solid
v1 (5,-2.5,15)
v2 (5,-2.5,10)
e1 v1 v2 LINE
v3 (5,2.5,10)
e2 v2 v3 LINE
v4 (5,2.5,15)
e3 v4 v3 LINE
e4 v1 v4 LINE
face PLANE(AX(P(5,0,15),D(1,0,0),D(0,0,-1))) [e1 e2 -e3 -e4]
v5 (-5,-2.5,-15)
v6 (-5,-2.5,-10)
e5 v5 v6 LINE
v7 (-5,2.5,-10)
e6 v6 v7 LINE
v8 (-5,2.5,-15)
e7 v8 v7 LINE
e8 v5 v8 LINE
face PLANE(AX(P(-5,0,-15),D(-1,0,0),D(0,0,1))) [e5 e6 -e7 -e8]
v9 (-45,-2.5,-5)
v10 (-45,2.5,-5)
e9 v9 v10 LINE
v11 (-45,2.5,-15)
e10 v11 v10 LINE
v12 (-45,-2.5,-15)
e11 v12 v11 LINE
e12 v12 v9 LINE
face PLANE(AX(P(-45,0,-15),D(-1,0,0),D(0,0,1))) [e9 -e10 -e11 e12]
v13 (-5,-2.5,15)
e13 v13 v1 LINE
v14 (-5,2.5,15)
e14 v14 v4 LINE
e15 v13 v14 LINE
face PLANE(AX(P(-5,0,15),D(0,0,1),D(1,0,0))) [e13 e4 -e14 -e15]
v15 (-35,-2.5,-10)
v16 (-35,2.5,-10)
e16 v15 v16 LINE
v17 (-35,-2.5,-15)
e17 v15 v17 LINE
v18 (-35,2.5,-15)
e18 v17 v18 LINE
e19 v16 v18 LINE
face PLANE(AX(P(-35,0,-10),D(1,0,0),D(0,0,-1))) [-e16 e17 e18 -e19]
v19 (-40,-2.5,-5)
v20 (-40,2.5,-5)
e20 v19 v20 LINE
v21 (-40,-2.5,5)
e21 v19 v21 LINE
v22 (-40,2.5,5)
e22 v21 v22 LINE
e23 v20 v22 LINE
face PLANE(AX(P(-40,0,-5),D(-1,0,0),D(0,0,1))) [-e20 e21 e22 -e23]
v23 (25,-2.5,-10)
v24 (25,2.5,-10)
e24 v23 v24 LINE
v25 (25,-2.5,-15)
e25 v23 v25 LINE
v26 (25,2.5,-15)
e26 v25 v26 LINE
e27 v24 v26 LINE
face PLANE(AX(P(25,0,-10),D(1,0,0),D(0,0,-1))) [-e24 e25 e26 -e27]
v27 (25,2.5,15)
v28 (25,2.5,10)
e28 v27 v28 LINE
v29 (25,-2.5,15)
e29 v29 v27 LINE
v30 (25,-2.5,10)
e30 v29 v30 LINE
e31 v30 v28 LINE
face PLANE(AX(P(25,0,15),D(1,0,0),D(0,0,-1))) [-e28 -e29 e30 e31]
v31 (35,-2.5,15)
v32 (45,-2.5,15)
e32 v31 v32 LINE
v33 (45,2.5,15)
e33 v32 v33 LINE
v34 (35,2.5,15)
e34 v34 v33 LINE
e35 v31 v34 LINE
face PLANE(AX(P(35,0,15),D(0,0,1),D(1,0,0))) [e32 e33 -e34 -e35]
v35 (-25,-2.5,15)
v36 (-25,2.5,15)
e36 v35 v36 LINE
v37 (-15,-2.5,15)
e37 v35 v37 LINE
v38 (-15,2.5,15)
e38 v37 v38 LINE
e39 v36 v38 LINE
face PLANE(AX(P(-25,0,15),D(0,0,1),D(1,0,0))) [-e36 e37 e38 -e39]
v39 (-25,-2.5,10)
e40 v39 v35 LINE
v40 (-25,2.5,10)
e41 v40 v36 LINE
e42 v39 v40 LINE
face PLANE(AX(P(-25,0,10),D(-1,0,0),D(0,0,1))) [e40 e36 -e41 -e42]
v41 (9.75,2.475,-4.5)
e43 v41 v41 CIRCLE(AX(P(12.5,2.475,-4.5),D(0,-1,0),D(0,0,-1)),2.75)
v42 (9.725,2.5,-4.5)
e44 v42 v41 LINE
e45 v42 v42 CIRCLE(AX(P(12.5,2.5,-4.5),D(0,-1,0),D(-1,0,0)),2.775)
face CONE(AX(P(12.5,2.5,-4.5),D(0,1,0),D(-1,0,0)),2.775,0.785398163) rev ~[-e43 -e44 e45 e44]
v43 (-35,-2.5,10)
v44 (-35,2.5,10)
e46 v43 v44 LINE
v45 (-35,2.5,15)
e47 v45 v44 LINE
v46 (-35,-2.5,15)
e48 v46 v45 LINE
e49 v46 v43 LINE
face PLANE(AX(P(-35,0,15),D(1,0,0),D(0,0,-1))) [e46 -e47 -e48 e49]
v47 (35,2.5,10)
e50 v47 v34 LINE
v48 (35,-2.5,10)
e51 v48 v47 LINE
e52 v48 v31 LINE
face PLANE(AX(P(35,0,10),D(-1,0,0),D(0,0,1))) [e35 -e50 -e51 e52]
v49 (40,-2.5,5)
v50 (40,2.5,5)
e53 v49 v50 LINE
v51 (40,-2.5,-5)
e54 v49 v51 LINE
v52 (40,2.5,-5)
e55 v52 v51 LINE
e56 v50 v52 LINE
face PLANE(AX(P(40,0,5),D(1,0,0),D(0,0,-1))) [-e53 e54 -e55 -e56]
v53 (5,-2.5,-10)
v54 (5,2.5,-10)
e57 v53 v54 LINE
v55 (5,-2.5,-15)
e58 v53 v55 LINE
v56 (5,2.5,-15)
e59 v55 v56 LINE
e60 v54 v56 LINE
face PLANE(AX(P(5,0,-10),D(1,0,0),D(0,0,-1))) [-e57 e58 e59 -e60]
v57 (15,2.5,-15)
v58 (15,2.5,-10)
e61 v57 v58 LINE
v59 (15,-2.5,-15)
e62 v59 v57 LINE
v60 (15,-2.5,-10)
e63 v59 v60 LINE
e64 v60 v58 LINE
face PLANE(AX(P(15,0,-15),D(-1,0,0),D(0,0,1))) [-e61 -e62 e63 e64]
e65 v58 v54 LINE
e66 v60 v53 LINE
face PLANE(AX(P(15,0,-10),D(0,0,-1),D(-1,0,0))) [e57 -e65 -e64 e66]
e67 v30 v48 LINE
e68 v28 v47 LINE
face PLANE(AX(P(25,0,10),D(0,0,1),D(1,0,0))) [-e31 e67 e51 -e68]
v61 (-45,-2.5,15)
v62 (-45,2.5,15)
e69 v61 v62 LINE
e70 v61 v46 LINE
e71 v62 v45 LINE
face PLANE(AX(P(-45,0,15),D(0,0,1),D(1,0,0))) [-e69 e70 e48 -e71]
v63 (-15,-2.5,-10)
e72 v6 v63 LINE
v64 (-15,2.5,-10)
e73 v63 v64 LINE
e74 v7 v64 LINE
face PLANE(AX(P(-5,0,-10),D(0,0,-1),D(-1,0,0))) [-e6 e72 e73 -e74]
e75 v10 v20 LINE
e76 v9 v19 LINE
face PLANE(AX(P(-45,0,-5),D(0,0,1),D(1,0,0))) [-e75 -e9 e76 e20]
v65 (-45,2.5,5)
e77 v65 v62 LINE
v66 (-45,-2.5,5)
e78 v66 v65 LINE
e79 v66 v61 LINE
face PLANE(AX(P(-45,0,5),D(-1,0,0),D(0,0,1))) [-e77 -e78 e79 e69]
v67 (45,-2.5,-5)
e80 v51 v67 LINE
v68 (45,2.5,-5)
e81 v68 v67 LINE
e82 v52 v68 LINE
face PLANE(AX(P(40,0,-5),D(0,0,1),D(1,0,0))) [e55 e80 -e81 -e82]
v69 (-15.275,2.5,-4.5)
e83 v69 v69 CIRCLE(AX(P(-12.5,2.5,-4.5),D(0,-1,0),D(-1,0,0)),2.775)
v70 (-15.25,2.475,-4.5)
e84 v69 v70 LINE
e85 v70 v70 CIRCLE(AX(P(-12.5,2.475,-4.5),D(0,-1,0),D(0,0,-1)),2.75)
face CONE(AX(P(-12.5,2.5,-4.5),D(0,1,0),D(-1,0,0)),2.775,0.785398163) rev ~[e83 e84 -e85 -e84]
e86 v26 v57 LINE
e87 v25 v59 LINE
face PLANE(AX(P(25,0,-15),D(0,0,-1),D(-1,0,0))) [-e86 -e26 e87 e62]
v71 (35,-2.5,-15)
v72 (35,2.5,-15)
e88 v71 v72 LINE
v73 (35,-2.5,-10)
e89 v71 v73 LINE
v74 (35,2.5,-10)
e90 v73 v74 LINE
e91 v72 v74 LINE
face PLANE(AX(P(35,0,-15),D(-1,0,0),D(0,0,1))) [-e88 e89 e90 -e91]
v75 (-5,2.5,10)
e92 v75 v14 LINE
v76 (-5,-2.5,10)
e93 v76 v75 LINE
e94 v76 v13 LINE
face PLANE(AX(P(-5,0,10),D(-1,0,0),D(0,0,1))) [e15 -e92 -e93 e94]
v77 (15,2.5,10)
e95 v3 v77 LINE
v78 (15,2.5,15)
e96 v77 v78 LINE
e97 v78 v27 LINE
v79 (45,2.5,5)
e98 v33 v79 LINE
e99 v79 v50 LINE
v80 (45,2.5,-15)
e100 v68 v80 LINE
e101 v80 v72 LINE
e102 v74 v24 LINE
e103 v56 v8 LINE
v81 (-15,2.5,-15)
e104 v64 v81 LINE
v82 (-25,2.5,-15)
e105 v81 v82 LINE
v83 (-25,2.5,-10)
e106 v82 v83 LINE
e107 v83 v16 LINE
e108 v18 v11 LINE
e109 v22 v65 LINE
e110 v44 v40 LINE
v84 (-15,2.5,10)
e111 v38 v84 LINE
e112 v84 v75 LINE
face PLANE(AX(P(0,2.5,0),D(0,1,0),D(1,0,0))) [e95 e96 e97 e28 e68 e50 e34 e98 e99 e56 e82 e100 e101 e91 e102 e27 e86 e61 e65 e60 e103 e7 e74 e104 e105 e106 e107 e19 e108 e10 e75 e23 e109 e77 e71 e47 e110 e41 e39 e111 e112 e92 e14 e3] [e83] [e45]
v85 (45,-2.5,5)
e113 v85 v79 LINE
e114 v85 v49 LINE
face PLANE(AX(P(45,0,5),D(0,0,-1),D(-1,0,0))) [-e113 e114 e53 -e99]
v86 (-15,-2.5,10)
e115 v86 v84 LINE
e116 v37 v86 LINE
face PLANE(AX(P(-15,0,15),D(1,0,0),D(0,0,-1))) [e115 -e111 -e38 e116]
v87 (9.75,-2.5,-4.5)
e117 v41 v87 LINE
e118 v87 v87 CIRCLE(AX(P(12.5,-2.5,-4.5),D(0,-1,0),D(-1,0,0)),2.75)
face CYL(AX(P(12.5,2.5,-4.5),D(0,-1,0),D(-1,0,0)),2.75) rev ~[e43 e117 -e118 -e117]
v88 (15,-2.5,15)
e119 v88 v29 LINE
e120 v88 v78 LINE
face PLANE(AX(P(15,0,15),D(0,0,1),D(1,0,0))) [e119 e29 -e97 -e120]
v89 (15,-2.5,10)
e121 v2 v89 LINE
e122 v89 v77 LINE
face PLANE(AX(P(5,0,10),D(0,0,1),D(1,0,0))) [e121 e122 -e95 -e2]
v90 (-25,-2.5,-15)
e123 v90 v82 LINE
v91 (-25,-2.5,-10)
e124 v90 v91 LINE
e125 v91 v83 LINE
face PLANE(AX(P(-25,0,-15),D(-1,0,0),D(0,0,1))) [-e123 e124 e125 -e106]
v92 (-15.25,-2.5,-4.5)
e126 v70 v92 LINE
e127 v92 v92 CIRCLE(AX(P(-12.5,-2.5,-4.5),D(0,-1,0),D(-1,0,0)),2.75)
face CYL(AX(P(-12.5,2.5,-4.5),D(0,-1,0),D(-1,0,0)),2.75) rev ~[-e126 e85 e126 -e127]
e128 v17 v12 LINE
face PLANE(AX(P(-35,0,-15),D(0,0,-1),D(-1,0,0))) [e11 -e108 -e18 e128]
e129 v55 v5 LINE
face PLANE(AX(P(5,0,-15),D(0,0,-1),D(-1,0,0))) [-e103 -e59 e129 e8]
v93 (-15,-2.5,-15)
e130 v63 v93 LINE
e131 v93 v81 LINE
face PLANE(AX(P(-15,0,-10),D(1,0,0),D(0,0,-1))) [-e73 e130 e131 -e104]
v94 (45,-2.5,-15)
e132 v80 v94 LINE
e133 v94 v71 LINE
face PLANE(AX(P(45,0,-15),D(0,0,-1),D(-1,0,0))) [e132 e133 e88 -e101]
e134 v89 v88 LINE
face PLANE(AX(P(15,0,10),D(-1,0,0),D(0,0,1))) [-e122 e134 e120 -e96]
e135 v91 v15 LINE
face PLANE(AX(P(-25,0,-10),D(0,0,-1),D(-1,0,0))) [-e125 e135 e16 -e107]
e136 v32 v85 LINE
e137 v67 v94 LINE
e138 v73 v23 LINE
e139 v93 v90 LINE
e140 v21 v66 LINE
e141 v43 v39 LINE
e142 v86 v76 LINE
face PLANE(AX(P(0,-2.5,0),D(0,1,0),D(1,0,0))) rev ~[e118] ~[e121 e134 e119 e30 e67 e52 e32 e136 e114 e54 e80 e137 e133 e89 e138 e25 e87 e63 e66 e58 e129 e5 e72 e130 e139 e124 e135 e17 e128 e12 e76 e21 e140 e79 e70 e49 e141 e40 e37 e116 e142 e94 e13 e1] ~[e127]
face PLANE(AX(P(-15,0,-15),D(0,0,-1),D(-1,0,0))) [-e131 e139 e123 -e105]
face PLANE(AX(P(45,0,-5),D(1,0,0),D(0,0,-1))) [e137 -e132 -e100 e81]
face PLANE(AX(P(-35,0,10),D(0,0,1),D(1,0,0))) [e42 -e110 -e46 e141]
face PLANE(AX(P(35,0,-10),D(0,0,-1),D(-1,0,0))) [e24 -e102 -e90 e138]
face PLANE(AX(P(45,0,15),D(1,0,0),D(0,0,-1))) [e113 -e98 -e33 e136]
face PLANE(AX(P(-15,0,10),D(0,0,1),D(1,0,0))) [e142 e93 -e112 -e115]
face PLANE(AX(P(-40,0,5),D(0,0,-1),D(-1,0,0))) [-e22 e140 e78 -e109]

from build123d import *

# Parameters (mm, degrees)
BOSS_EXTRUDE1_DEPTH            = 2.5
M5_CLEARANCE_HOLE1_D           = 5.5
M5_CLEARANCE_HOLE1_CSINK_D     = 5.55
M5_CLEARANCE_HOLE1_CSINK_ANGLE = 90


with BuildPart() as part:
    # Sketch1 → Boss-Extrude1 (new, symmetric)
    with BuildSketch(Plane(origin=(0, 0, 0), x_dir=(1, 0, 0), z_dir=(0, 1, 0))):
        Polygon((45, 15), (40, 15), (35, 15), (35, 10), (25, 10), (25, 15), (15, 15), (15, 10), (5, 10), (5, 15), (-5, 15), (-5, 10), (-15, 10), (-15, 15), (-25, 15), (-25, 10), (-35, 10), (-35, 15), (-40, 15), (-45, 15), (-45, 10), (-45, 5), (-40, 5), (-40, -5), (-45, -5), (-45, -10), (-45, -15), (-40, -15), (-35, -15), (-35, -10), (-25, -10), (-25, -15), (-15, -15), (-15, -10), (-5, -10), (-5, -15), (5, -15), (5, -10), (15, -10), (15, -15), (25, -15), (25, -10), (35, -10), (35, -15), (40, -15), (45, -15), (45, -10), (45, -5), (40, -5), (40, 5), (45, 5), (45, 10), align=None)
    extrude(amount=BOSS_EXTRUDE1_DEPTH, both=True)

    # M5 Clearance Hole1 (through all)
    with Locations(Plane(origin=(0, 2.5, 0), x_dir=(1, 0, 0), z_dir=(0, 1, 0))):
        with Locations((12.5, 4.5), (-12.5, 4.5)):
            CounterSinkHole(M5_CLEARANCE_HOLE1_D / 2, M5_CLEARANCE_HOLE1_CSINK_D / 2, counter_sink_angle=M5_CLEARANCE_HOLE1_CSINK_ANGLE)


solid = part.part
